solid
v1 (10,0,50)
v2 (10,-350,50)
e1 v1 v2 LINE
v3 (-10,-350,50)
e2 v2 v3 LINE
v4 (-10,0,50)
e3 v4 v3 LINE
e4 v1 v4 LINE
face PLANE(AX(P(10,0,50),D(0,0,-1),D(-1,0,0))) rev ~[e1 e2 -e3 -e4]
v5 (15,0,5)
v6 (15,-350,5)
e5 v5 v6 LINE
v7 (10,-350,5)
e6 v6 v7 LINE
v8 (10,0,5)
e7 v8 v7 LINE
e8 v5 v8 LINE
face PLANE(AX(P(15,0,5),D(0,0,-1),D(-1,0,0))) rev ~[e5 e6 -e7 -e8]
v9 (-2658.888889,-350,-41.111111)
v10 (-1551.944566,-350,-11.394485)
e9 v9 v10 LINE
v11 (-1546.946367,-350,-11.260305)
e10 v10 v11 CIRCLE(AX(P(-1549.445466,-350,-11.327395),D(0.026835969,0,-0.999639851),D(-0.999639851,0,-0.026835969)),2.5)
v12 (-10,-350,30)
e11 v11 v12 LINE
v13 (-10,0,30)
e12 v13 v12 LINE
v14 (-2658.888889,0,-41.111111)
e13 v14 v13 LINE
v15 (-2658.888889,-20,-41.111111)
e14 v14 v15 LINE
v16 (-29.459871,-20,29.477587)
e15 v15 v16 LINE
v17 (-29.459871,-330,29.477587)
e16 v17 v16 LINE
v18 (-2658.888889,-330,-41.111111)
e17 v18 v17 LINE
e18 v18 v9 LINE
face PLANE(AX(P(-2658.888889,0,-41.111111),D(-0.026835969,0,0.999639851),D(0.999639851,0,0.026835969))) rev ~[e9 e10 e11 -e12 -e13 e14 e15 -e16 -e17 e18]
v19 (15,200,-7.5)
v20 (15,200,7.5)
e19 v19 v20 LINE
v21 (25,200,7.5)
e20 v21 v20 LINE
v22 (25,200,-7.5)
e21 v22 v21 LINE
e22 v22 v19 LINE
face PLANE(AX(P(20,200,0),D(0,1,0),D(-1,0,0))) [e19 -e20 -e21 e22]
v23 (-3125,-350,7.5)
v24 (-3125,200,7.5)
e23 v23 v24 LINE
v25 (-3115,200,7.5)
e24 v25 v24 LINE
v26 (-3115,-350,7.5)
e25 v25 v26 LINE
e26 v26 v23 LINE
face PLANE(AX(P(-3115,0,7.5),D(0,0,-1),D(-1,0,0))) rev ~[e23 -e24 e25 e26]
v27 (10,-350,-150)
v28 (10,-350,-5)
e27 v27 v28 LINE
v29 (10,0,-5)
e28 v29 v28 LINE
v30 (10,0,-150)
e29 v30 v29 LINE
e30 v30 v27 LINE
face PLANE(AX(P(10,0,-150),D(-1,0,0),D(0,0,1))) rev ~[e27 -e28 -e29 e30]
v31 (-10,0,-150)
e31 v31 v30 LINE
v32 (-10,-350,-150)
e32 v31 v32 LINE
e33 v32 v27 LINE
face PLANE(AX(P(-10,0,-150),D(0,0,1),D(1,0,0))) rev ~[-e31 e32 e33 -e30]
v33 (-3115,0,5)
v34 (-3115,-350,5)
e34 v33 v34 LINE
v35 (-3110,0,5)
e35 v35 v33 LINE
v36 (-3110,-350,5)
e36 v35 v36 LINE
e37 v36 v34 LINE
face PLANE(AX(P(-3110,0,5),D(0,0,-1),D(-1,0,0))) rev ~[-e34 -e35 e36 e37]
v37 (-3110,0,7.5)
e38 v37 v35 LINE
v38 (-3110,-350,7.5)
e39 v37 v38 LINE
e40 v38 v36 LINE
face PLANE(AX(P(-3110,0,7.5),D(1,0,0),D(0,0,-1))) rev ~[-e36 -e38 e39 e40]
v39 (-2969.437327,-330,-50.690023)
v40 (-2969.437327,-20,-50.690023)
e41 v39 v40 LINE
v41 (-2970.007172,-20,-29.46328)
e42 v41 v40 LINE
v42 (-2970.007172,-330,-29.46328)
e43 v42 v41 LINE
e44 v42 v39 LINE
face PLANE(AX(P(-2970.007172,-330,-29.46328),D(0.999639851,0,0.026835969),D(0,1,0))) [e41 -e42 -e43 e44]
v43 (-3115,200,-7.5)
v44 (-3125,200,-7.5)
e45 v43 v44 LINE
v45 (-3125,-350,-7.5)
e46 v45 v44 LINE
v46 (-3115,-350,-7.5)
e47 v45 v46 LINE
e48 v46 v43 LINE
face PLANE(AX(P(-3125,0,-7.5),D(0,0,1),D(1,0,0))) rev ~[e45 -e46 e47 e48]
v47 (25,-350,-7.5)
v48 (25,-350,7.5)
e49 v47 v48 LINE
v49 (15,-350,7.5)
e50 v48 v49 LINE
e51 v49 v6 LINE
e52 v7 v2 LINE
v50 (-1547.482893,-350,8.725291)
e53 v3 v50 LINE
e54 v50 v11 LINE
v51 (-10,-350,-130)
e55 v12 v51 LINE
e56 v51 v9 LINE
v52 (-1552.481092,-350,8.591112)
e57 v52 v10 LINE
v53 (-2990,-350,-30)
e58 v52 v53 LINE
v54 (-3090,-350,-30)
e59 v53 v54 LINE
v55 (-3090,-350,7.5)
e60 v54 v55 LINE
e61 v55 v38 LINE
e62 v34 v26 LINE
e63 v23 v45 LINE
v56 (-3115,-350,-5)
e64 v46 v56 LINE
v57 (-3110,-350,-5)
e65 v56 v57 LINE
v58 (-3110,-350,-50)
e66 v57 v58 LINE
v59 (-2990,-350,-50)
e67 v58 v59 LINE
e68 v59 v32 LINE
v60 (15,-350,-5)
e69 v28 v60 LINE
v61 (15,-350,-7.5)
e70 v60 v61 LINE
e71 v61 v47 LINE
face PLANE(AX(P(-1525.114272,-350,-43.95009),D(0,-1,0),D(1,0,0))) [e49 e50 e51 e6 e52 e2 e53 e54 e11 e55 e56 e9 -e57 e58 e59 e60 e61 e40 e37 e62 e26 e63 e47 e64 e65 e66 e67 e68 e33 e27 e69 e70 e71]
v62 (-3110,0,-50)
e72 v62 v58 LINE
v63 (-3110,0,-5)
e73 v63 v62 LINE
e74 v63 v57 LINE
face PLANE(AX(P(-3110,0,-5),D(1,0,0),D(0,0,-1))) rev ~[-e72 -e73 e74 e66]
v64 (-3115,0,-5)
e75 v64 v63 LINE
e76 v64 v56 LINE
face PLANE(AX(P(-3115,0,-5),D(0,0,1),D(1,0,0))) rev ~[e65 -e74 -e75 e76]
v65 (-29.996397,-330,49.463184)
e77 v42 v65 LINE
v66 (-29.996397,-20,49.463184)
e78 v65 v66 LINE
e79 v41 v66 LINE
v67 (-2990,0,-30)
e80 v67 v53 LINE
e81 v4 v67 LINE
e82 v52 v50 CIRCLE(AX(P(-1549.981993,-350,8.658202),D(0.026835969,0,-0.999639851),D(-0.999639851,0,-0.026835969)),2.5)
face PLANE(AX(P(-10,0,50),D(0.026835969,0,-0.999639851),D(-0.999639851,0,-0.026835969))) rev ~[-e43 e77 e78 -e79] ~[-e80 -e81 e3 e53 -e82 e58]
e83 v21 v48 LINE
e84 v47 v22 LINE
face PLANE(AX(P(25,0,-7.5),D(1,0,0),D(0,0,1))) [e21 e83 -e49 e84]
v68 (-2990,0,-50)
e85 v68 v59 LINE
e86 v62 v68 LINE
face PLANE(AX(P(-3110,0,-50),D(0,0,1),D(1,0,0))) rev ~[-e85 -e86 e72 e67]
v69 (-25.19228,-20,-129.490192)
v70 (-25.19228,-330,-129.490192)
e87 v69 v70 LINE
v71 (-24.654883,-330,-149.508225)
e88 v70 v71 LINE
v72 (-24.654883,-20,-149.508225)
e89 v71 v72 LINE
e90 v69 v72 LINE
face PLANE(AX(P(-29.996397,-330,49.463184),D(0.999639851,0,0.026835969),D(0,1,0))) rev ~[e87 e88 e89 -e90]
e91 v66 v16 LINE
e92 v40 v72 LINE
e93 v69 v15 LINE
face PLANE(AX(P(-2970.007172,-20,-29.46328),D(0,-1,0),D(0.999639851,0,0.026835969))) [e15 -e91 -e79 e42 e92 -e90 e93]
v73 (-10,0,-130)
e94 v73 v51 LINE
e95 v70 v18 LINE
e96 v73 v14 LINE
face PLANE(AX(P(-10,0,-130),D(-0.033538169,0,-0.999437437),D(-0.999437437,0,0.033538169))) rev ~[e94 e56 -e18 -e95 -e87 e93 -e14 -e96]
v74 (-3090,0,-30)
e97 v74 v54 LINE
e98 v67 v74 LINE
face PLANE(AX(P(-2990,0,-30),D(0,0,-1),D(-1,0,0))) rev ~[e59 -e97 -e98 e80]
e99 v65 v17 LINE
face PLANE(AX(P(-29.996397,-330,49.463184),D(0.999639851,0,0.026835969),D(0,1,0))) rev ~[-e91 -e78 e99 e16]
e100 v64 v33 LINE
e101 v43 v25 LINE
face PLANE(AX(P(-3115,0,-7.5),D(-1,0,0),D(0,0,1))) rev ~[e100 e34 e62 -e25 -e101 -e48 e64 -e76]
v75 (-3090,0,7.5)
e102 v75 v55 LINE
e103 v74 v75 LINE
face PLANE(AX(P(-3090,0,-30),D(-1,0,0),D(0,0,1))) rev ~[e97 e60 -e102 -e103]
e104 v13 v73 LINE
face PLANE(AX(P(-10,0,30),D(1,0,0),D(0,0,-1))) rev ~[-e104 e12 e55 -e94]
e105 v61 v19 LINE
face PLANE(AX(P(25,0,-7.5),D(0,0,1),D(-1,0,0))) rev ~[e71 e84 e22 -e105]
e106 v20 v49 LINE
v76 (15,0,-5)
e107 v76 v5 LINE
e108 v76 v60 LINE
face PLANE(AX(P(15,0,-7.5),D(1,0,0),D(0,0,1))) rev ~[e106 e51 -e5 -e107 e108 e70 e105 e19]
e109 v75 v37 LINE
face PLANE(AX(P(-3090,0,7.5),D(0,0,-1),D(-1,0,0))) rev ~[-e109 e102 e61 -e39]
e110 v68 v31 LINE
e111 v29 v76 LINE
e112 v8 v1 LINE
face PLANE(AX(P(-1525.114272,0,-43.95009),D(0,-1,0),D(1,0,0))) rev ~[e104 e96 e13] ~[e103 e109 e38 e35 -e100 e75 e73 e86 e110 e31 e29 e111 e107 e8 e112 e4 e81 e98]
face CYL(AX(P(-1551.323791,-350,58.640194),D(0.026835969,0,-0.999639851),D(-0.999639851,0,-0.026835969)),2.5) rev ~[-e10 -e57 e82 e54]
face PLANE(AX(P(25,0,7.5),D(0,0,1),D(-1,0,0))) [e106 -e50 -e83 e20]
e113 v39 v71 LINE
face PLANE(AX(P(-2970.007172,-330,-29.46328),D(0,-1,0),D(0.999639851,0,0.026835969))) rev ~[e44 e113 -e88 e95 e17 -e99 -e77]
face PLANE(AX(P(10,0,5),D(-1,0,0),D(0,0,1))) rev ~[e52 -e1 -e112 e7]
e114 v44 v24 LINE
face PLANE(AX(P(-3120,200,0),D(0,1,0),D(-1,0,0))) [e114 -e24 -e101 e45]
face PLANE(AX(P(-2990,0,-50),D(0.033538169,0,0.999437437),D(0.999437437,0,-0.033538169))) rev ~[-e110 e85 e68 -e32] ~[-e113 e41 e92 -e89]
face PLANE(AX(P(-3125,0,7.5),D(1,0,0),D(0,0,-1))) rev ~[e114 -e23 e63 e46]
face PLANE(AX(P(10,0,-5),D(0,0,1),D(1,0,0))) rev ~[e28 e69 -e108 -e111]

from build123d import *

# Parameters (mm, degrees)
F1_DEPTH  = 350
F3_W      = 2941.07
F3_H      = 310
F4_DEPTH  = 250
F6_W      = 10
F6_H      = 15
F7_DEPTH  = 200
F10_D     = 5
F10_DEPTH = 50
F10_TIP   = 1.5021515476


with BuildPart() as f1:
    # F0 (on Front) → F1 (new body)
    with BuildSketch(Plane.XZ):
        Polygon((-2990, -50), (-10, -150), (10, -150), (10, -5), (15, -5), (15, -7.5), (25, -7.5), (25, 7.5), (15, 7.5), (15, 5), (10, 5), (10, 50), (-10, 50), (-2990, -30), (-3090, -30), (-3090, 7.5), (-3110, 7.5), (-3110, 5), (-3115, 5), (-3115, 7.5), (-3125, 7.5), (-3125, -7.5), (-3115, -7.5), (-3115, -5), (-3110, -5), (-3110, -50), align=None)
        Polygon((-2658.8888888889, -41.1111111111), (-10, 30), (-10, -130), align=None, mode=Mode.SUBTRACT)
    extrude(amount=F1_DEPTH)

    # F3 (on offset) → F4 (cut)
    with BuildSketch(Plane(origin=(-1.3485169015, 0, 50.2322545798), x_dir=(0.9996398505, 0, 0.0268359691), z_dir=(-0.0268359691, 0, 0.9996398505))):
        with Locations((-1499.1932015429, -175)):
            Rectangle(F3_W, F3_H)
    extrude(amount=-F4_DEPTH, mode=Mode.SUBTRACT)

    # F6 (on offset) → F7 (join)
    with BuildSketch(Plane(origin=(0, 0, 0), x_dir=(-1, 0, 0), z_dir=(0, 1, 0))):
        with Locations((-20, 0)):
            Rectangle(F6_W, F6_H)
        with Locations((3120, 0)):
            Rectangle(F6_W, F6_H)
    extrude(amount=F7_DEPTH)

    # F10
    with Locations(Plane(origin=(-1.3485169015, 0, 50.2322545798), x_dir=(0.9996398505, 0, 0.0268359691), z_dir=(-0.0268359691, 0, 0.9996398505))):
        with Locations((-1549.191416098, -350)):
            Hole(F10_D / 2, depth=F10_DEPTH)
            with Locations((0, 0, -(F10_DEPTH + F10_TIP / 2))):  # 118° drill point
                Cone(0, F10_D / 2, F10_TIP, mode=Mode.SUBTRACT)


solid = f1.part
